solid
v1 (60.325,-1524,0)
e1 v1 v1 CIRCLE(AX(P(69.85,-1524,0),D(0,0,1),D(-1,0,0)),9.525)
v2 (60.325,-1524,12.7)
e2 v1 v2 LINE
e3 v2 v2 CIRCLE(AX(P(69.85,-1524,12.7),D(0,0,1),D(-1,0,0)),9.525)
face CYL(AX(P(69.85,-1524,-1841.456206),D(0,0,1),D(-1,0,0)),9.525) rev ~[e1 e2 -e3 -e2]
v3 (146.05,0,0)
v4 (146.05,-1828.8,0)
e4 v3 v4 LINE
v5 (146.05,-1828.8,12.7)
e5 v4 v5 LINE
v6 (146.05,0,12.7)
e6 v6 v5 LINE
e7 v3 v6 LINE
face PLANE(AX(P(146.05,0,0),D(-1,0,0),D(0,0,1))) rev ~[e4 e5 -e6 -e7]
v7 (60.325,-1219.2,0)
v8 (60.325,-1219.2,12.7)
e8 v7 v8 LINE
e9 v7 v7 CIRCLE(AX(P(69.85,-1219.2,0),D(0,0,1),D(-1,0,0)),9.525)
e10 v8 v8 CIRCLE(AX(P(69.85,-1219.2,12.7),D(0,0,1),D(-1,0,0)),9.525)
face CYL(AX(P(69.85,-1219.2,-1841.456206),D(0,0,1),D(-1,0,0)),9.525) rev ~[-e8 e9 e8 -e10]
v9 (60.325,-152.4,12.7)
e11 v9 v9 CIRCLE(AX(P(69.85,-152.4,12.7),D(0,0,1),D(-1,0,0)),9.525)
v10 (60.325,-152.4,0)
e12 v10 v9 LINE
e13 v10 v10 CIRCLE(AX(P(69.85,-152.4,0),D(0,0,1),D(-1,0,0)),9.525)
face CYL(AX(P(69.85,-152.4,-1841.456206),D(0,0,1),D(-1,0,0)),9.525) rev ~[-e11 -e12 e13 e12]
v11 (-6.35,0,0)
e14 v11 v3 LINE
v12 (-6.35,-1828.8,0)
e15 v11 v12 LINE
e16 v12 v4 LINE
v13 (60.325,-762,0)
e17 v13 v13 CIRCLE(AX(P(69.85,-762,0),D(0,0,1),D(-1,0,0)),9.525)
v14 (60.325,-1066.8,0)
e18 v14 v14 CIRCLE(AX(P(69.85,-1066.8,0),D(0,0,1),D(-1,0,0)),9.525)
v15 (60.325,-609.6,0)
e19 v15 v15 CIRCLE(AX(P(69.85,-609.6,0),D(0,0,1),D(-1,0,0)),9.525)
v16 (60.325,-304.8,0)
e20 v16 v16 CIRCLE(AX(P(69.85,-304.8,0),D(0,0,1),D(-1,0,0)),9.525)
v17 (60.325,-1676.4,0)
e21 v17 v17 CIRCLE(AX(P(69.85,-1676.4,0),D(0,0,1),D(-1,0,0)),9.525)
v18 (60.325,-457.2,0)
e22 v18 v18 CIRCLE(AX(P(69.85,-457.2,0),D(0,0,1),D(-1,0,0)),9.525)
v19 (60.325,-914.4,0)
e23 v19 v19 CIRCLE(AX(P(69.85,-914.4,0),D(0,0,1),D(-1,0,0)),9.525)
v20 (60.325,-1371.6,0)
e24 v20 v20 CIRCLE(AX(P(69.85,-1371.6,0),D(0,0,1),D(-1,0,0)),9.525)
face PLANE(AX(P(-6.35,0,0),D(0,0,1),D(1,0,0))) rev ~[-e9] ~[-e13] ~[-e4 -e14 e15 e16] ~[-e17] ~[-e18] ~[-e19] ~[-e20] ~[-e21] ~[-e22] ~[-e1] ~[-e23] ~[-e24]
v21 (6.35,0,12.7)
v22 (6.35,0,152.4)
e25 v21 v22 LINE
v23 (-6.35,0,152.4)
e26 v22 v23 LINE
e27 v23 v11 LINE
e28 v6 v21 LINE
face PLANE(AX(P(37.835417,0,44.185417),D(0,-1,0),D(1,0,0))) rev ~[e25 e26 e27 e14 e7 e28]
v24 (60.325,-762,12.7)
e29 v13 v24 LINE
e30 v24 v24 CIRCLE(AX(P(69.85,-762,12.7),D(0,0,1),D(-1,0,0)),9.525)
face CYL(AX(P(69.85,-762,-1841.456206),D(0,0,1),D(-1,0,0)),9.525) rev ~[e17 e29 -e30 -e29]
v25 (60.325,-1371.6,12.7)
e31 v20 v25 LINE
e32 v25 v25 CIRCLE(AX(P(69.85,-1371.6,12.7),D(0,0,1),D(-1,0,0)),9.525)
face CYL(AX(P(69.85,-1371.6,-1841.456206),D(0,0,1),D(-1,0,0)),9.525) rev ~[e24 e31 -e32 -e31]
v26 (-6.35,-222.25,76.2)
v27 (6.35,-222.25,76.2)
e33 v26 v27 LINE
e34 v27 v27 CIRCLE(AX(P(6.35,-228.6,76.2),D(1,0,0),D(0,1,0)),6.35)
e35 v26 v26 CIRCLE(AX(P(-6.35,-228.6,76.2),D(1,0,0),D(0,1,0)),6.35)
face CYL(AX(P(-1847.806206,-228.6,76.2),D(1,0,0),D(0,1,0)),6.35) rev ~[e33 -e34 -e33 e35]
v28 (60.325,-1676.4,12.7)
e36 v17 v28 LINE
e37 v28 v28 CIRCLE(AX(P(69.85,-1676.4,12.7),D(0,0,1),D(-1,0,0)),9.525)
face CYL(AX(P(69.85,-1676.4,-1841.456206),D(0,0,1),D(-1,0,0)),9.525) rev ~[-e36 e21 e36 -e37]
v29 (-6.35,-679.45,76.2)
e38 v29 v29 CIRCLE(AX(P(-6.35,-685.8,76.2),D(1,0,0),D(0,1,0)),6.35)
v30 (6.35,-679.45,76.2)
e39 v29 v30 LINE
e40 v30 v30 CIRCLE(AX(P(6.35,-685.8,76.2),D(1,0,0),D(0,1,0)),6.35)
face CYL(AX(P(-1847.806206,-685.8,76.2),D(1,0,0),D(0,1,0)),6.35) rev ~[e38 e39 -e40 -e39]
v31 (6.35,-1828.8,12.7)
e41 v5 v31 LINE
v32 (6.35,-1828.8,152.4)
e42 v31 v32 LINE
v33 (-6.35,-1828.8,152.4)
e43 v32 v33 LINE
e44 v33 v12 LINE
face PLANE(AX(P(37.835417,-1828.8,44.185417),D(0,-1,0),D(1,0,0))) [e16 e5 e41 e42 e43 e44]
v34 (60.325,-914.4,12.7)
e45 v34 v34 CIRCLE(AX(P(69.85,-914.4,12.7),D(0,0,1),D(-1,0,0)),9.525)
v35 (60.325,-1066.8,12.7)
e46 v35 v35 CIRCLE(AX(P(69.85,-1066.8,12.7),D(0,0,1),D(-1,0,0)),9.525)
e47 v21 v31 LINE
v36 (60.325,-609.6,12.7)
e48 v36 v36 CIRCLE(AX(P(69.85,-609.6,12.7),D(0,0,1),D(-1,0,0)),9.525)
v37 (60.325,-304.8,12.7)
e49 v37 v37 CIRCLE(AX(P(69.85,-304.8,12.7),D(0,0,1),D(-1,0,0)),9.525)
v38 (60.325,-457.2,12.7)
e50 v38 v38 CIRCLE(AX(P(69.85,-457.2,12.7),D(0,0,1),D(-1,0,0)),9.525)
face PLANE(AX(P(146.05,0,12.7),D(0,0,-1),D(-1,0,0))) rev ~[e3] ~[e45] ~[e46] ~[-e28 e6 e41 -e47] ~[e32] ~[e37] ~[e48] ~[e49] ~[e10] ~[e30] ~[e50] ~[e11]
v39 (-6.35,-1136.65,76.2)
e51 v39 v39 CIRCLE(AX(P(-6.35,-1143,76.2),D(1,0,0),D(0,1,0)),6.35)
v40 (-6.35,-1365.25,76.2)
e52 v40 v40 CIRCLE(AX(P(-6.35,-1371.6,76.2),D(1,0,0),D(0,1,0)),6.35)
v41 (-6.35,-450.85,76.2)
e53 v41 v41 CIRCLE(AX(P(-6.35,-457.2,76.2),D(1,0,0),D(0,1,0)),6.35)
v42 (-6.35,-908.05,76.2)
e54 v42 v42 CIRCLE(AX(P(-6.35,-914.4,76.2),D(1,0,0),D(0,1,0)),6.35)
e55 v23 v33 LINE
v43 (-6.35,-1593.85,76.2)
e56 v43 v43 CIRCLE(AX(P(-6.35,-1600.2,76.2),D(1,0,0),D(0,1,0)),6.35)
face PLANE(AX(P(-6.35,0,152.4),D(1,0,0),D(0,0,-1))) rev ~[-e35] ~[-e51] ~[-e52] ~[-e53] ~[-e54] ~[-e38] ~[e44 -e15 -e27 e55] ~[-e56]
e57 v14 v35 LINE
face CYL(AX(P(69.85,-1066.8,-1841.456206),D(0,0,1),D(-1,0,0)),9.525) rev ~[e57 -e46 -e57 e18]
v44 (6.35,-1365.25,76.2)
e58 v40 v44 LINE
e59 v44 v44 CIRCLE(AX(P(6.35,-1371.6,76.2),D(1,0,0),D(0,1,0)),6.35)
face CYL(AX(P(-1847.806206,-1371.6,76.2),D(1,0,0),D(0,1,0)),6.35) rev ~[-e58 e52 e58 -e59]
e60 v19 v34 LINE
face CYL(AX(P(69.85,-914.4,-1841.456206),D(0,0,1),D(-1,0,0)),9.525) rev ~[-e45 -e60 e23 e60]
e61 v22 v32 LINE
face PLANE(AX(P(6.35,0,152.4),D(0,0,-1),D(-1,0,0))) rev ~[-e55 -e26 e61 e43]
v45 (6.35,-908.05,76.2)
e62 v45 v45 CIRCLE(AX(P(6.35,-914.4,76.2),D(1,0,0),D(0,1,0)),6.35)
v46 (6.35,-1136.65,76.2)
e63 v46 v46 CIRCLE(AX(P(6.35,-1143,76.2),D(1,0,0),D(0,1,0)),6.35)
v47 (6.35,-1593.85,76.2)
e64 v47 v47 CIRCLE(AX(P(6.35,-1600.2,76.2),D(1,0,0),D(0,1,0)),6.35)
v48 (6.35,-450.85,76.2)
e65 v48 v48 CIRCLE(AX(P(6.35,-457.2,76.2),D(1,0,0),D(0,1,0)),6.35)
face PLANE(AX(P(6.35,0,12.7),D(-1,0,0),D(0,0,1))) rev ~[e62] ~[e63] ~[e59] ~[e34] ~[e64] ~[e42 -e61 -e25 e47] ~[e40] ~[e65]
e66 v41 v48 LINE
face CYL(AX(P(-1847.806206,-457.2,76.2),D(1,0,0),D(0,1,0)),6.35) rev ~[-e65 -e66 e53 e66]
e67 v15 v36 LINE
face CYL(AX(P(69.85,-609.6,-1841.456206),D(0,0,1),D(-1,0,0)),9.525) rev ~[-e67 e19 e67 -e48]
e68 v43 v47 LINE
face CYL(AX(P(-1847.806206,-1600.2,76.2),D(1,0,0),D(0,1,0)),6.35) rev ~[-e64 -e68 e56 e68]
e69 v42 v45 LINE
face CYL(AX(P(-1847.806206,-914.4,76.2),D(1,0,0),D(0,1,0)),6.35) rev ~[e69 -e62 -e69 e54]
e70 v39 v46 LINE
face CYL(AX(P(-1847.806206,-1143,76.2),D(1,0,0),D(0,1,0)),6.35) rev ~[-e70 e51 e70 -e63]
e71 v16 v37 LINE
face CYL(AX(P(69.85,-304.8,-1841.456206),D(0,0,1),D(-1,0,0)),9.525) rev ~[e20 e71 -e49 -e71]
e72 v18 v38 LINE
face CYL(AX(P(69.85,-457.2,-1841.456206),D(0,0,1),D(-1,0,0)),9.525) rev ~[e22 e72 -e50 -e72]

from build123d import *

# Parameters (mm, degrees)
F1_DEPTH = 1828.8
F4_D     = 19.05
F5_D     = 12.7


with BuildPart() as f1:
    # F0 (on Front) → F1 (new body)
    with BuildSketch(Plane.XZ):
        Polygon((6.35, 152.4), (-6.35, 152.4), (-6.35, 0), (0, 0), (6.35, 0), (146.05, 0), (146.05, 12.7), (6.35, 12.7), align=None)
    extrude(amount=F1_DEPTH)

    # F4 (through all)
    with Locations(Plane(origin=(0, 0, 0), x_dir=(1, 0, 0), z_dir=(0, 0, -1))):
        with Locations((69.85, 1066.8), (69.85, 1219.2), (69.85, 1371.6), (69.85, 1524), (69.85, 1676.4), (69.85, 914.4), (69.85, 762), (69.85, 609.6), (69.85, 457.2), (69.85, 304.8), (69.85, 152.4)):
            Hole(F4_D / 2)

    # F5 (through all)
    with Locations(Plane(origin=(-6.35, 0, 0), x_dir=(0, -1, 0), z_dir=(-1, 0, 0))):
        with Locations((1600.2, 76.2), (1371.6, 76.2), (1143, 76.2), (914.4, 76.2), (685.8, 76.2), (457.2, 76.2), (228.6, 76.2)):
            Hole(F5_D / 2)


solid = f1.part
